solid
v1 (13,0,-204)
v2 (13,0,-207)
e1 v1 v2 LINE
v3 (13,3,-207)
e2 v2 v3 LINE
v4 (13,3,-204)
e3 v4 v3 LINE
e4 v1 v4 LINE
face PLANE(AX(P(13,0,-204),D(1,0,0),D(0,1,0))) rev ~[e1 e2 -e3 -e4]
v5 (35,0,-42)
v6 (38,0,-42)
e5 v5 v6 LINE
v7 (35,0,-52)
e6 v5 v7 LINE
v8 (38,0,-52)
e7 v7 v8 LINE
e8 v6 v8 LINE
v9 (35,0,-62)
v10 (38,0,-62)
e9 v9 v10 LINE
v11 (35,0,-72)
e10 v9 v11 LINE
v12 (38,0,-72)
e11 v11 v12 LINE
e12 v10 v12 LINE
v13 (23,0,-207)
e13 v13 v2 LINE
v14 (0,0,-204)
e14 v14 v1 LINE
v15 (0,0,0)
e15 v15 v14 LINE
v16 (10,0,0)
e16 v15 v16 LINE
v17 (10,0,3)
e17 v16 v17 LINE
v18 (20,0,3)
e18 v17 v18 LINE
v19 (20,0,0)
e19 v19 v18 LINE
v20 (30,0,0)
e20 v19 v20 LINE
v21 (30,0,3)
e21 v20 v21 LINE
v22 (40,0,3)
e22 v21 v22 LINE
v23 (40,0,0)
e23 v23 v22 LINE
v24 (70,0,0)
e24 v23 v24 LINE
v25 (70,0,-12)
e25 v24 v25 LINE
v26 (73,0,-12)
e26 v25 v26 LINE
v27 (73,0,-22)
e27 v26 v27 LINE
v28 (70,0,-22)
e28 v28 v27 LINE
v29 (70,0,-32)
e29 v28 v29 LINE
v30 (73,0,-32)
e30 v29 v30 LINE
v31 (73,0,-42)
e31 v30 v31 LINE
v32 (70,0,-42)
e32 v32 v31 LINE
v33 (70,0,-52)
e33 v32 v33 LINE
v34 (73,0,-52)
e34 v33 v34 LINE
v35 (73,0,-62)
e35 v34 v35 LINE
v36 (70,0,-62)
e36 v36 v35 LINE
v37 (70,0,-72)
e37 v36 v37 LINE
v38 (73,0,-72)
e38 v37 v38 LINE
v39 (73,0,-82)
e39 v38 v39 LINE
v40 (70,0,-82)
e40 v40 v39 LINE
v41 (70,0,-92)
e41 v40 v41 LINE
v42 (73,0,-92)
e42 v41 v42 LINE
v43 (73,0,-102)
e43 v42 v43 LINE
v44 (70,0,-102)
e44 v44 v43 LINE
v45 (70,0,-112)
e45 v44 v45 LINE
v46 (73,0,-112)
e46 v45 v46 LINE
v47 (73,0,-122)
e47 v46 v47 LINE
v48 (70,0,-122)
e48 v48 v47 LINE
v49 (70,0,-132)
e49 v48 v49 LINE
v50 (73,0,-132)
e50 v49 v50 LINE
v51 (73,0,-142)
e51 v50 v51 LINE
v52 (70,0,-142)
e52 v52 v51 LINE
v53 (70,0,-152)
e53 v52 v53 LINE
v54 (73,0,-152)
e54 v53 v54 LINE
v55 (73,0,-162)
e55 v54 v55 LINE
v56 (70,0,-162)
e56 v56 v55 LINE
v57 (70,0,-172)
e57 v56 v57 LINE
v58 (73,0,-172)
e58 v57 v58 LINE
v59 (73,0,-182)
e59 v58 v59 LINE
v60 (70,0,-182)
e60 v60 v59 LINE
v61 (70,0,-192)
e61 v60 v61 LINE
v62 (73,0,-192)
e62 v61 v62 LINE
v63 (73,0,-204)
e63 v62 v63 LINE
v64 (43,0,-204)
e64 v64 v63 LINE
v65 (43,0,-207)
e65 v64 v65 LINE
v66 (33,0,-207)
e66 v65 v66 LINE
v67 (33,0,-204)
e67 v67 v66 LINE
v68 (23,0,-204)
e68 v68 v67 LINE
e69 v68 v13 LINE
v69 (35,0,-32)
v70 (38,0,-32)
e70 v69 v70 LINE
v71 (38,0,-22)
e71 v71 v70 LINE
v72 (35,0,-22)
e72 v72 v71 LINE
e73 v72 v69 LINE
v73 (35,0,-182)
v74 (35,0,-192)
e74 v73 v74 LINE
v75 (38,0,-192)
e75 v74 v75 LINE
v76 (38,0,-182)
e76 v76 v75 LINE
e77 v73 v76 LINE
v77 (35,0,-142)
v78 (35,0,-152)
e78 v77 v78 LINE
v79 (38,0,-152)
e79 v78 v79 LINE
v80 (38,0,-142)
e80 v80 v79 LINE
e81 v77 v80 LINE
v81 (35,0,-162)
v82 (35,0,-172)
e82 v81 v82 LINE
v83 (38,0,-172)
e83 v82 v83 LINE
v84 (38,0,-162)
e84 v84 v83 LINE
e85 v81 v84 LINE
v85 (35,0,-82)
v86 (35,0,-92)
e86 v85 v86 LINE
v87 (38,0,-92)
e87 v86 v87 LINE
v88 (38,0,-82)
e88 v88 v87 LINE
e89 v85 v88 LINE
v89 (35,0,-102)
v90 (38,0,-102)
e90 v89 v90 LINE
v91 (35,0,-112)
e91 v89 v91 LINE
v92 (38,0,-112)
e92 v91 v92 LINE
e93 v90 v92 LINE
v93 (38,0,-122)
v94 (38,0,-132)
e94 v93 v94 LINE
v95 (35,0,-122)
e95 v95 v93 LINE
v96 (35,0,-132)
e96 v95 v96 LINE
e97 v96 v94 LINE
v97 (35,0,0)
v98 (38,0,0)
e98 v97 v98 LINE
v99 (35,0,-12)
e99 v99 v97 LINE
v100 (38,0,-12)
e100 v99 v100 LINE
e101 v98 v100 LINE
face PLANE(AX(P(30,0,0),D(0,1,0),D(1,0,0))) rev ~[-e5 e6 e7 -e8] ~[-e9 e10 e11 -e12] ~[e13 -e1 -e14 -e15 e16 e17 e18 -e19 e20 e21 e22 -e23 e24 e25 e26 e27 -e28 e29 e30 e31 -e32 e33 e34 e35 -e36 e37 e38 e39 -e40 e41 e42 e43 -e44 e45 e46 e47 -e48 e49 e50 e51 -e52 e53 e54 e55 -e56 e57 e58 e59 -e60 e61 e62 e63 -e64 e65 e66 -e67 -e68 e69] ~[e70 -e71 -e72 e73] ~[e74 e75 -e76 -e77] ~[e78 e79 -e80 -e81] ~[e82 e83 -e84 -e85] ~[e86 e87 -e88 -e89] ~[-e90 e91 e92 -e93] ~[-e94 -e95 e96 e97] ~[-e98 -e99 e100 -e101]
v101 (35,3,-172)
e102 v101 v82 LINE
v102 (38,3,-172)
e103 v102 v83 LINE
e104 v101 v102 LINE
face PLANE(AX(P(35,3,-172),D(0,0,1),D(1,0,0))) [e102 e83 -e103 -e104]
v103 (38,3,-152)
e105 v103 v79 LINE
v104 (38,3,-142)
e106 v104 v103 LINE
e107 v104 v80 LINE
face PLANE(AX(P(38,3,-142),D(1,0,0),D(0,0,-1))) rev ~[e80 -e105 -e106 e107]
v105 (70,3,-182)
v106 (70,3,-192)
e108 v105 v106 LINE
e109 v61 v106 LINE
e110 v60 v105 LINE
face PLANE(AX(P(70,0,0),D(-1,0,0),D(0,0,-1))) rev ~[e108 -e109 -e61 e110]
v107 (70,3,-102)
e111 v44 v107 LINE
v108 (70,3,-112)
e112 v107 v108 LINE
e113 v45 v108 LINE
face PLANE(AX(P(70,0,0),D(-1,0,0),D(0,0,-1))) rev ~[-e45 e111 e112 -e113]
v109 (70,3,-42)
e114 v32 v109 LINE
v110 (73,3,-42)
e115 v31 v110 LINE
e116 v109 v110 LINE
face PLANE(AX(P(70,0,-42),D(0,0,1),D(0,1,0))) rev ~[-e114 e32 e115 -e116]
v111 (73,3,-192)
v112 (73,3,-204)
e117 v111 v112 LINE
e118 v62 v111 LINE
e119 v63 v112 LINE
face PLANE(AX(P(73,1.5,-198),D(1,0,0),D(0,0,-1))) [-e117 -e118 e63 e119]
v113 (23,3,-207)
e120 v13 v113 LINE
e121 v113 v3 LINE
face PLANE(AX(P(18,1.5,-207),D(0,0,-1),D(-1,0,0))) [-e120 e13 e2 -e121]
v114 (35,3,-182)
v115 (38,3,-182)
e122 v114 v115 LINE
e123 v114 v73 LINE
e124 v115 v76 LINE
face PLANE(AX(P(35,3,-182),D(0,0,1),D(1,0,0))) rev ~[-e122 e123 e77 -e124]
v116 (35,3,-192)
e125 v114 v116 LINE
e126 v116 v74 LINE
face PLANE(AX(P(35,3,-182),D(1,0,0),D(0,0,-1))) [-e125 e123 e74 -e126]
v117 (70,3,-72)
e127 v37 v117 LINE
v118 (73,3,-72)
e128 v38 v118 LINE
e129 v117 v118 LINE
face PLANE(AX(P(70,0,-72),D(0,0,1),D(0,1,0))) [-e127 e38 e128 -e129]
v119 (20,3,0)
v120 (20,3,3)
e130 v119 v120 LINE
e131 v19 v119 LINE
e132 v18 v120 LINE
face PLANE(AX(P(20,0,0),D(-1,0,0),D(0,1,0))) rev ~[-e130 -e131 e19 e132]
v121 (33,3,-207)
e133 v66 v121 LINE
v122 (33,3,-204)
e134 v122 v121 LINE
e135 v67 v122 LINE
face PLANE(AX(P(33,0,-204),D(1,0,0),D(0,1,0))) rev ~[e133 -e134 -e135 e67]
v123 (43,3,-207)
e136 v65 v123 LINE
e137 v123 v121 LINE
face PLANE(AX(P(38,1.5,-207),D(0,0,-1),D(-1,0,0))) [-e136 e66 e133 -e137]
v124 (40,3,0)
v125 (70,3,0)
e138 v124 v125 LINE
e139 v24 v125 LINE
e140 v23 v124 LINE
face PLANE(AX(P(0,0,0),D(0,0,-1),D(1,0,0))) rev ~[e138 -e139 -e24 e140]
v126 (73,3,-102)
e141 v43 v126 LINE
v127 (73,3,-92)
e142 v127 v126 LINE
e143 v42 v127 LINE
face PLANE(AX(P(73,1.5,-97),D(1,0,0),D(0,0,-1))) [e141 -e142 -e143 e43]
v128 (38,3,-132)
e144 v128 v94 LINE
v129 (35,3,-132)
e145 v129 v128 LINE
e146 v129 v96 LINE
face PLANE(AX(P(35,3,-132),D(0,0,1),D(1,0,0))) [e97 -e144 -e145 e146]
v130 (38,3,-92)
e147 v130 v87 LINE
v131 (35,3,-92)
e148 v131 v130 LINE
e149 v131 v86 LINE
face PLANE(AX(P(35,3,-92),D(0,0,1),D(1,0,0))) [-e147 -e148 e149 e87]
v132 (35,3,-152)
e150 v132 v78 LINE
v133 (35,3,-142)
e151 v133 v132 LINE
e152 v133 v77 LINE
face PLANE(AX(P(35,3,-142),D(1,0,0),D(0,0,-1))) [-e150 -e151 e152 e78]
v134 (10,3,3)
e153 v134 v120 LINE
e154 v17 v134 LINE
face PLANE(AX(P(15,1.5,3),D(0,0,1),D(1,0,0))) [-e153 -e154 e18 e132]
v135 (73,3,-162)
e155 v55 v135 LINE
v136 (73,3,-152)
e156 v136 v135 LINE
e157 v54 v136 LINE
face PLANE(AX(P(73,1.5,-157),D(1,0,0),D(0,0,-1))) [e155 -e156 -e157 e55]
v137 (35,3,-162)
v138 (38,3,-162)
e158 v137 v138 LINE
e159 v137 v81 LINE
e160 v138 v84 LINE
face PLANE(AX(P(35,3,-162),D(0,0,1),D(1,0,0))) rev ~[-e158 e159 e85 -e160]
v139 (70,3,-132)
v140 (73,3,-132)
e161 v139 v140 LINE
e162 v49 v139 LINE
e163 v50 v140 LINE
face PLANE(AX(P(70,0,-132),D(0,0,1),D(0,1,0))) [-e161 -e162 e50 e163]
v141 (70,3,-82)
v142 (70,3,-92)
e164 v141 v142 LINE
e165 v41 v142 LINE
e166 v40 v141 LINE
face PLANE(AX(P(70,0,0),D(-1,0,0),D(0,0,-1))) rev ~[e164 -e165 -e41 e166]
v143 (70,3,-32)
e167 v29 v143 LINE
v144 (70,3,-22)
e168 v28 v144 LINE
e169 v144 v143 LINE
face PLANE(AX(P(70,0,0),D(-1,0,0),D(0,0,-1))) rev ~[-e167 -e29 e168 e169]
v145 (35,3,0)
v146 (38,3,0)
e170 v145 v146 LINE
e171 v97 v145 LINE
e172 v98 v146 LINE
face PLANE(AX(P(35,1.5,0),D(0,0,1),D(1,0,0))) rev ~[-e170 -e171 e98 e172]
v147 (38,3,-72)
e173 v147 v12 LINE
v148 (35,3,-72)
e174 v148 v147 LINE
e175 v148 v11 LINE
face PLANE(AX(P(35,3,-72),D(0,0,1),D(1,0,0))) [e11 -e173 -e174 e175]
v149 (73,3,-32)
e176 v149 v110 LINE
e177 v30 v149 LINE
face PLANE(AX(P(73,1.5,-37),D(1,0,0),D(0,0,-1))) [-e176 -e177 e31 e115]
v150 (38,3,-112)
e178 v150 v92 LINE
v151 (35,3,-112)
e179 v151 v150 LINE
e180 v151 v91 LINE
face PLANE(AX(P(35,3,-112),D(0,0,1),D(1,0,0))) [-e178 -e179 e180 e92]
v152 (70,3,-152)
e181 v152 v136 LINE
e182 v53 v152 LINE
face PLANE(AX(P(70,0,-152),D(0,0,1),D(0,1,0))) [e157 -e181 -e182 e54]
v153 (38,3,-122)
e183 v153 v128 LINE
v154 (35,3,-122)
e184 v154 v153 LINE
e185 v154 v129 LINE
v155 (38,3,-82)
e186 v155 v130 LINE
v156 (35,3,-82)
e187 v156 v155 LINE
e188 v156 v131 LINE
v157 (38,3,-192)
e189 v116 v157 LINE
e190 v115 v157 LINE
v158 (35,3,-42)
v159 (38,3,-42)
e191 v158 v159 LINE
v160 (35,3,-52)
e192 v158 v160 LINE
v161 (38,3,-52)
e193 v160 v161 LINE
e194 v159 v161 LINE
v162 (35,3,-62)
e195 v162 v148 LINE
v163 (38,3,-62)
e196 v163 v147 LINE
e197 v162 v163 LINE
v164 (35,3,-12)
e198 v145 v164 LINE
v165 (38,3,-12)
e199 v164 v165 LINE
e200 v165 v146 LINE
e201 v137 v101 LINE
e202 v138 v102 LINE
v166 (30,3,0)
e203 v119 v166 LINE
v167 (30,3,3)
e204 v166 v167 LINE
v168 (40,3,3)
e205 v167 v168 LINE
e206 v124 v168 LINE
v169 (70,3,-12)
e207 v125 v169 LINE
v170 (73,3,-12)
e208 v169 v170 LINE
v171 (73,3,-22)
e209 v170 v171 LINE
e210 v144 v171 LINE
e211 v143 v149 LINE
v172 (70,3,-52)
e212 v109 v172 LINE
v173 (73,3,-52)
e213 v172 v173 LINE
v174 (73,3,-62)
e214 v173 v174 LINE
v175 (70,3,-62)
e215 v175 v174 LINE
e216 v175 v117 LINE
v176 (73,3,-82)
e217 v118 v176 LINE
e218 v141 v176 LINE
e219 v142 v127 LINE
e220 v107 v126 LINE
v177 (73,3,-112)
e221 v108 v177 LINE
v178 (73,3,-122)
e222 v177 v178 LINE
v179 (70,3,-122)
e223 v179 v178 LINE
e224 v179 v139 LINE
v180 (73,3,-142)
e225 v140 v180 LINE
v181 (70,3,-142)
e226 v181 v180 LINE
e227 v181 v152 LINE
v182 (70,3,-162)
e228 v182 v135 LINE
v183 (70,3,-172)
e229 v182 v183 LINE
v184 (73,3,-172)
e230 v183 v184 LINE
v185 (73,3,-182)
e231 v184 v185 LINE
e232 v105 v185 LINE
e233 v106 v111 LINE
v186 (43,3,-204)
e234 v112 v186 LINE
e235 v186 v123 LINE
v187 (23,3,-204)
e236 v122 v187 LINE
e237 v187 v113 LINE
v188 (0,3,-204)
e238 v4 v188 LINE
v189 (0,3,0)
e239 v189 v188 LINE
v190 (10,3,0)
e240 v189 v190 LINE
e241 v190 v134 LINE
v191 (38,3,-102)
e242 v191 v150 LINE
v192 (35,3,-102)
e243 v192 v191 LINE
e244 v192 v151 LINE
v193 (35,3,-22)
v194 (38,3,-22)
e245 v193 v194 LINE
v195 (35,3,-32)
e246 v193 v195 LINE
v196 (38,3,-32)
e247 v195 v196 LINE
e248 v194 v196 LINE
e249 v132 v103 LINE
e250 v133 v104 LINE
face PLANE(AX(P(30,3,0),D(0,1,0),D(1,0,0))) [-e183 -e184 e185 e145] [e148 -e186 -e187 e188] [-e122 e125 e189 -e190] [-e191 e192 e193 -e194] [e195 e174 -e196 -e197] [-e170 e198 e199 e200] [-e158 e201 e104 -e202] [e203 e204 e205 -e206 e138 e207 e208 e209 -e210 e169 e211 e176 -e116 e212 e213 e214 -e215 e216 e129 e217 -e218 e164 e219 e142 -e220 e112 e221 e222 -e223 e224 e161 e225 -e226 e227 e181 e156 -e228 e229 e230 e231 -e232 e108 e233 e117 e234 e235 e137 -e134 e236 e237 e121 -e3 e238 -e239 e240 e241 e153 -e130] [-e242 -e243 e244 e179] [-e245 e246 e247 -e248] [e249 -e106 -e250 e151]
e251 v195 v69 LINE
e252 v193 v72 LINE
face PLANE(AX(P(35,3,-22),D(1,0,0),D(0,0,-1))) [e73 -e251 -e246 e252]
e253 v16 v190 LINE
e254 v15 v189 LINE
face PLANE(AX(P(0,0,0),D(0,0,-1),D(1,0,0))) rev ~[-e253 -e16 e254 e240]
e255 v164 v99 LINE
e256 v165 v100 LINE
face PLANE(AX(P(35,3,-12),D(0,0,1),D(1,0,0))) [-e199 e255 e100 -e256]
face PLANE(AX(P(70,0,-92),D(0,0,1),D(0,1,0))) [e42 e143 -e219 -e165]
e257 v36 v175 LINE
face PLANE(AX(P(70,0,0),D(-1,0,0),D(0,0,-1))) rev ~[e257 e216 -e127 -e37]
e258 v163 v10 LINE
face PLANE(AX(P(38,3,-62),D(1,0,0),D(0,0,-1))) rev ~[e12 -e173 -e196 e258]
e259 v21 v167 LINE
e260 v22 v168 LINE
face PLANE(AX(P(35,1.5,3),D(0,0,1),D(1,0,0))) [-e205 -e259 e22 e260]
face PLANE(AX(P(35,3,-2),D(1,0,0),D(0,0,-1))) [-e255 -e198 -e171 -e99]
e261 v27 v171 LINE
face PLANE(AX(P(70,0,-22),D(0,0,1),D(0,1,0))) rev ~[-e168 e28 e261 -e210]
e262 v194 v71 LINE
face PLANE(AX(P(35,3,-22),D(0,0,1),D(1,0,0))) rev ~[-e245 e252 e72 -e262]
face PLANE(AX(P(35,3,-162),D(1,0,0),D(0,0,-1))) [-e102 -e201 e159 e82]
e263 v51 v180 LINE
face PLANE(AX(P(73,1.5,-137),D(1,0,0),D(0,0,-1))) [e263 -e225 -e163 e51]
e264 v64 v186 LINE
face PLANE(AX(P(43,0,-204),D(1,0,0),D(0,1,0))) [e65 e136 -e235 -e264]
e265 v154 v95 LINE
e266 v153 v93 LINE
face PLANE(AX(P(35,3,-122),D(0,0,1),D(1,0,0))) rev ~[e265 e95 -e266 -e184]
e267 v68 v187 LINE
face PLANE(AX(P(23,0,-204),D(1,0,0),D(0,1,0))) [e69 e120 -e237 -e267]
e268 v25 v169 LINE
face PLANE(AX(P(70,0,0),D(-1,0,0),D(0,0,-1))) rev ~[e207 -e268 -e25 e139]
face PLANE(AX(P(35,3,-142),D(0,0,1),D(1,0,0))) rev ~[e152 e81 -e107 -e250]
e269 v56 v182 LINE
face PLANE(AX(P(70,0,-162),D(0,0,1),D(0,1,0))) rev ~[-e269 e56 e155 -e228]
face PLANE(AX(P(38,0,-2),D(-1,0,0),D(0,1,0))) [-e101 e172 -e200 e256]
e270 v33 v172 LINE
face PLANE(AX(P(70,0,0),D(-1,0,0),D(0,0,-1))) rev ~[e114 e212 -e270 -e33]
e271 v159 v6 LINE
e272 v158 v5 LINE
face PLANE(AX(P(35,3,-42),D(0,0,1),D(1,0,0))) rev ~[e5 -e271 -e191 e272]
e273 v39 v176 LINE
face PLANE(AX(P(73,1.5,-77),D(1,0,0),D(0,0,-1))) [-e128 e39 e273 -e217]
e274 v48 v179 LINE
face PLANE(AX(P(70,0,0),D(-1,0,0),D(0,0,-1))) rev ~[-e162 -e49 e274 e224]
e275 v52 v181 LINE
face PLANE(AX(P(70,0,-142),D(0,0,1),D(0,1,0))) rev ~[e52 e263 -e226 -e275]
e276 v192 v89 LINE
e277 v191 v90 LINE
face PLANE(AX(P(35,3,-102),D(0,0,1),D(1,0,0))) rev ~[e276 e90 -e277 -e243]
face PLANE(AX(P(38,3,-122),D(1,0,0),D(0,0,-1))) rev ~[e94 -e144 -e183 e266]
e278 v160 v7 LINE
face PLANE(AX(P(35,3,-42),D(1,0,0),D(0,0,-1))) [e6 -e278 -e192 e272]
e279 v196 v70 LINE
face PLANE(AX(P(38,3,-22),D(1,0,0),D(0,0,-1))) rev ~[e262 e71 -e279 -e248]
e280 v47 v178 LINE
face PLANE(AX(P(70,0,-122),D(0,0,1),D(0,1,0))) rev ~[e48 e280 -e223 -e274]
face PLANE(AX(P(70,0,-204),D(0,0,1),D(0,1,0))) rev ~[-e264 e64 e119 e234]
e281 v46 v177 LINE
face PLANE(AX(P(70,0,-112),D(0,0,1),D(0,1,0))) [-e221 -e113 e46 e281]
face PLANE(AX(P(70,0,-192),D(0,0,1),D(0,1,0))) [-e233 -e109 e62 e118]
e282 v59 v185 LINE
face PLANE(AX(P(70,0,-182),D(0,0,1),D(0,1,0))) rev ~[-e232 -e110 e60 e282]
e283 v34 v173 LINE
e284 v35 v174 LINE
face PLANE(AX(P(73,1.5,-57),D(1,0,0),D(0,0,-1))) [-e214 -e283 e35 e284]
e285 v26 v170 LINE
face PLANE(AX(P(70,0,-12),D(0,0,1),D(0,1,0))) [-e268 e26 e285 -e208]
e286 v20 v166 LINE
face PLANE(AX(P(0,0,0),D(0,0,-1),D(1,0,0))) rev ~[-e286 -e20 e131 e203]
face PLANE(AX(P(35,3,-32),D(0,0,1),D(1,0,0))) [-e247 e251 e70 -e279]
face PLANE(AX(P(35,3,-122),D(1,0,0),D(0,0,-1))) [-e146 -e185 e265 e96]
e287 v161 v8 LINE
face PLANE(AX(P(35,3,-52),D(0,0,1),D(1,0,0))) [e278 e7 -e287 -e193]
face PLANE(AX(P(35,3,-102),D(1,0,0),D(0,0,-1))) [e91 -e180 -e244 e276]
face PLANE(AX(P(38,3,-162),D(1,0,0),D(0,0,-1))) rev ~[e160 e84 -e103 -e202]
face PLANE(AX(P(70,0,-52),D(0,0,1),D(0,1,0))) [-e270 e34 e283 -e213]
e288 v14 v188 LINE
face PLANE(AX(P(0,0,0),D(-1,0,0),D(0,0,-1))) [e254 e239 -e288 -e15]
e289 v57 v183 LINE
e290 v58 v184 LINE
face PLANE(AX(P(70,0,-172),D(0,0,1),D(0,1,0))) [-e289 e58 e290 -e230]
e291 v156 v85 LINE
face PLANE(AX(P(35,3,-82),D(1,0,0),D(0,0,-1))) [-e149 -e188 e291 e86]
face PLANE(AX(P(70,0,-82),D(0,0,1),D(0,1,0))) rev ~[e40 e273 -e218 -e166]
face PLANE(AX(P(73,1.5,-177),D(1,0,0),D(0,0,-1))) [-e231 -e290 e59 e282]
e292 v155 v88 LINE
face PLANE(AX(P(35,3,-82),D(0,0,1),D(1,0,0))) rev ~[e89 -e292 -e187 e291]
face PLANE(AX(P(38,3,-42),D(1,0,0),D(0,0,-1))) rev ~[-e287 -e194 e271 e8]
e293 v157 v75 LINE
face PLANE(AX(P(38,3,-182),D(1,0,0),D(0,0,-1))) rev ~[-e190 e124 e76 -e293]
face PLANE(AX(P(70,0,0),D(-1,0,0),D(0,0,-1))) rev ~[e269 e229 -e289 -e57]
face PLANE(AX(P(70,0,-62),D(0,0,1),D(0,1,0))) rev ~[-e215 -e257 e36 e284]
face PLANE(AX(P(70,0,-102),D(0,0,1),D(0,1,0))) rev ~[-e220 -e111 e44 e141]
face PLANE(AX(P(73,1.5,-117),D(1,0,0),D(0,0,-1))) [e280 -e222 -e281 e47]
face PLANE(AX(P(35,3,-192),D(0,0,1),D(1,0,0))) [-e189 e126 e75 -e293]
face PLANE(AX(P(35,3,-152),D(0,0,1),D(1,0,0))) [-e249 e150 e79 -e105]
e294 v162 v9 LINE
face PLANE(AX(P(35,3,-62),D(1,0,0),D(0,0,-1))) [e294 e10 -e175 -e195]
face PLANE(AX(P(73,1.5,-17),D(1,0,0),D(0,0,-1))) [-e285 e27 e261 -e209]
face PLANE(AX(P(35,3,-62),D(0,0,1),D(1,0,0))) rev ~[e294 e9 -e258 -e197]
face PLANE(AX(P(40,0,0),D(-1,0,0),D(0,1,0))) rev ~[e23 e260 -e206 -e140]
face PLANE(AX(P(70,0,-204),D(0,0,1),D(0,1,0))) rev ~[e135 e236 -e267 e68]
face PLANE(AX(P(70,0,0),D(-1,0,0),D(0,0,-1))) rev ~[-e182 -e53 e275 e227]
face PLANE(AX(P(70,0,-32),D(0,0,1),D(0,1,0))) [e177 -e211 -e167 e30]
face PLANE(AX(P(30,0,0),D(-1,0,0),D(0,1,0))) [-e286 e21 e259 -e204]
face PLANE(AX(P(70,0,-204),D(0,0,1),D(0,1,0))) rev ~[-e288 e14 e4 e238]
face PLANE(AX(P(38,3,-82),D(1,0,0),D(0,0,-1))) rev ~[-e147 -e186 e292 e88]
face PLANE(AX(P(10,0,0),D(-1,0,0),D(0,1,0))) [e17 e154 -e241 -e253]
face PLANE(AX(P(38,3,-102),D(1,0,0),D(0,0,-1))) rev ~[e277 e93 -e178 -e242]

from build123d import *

# Parameters (mm, degrees)
SKETCH1_W                  = 70
SKETCH1_H                  = 204
BOSS_EXTRUDE1_DEPTH        = 3
SKETCH2_W                  = 12
SKETCH2_H                  = 3
SKETCH2_W_2                = 10
BOSS_EXTRUDE2_DEPTH        = 3
ESQUISSE4_W                = 3
ESQUISSE4_H                = 10
ENL_V_MAT_EXTRU_3_DEPTH    = 4
R_P_TITION_LIN_AIRE2_COUNT = 10
R_P_TITION_LIN_AIRE2_PITCH = 20
ESQUISSE5_W                = 3
ESQUISSE5_H                = 3
ENL_V_MAT_EXTRU_4_DEPTH    = 3
ESQUISSE6_W                = 10
ESQUISSE6_H                = 3
BOSS_EXTRU_1_DEPTH         = 3
ESQUISSE7_W                = 10
ESQUISSE7_H                = 3
BOSS_EXTRU_2_DEPTH         = 3


with BuildPart() as part:
    # Sketch1 → Boss-Extrude1 (new body)
    with BuildSketch(Plane(origin=(0, 0, 0), x_dir=(1, 0, 0), z_dir=(0, 1, 0))):
        with Locations((35, 102)):
            Rectangle(SKETCH1_W, SKETCH1_H)
    extrude(amount=BOSS_EXTRUDE1_DEPTH)

    # Sketch2 → Boss-Extrude2 (add)
    with BuildSketch(Plane(origin=(70, 0, 0), x_dir=(0, 0, -1), z_dir=(1, 0, 0))):
        with Locations((198, 1.5)):
            Rectangle(SKETCH2_W, SKETCH2_H)
        with Locations((177, 1.5)):
            Rectangle(SKETCH2_W_2, SKETCH2_H)
        with Locations((157, 1.5)):
            Rectangle(SKETCH2_W_2, SKETCH2_H)
        with Locations((137, 1.5)):
            Rectangle(SKETCH2_W_2, SKETCH2_H)
        with Locations((117, 1.5)):
            Rectangle(SKETCH2_W_2, SKETCH2_H)
        with Locations((97, 1.5)):
            Rectangle(SKETCH2_W_2, SKETCH2_H)
        with Locations((77, 1.5)):
            Rectangle(SKETCH2_W_2, SKETCH2_H)
        with Locations((57, 1.5)):
            Rectangle(SKETCH2_W_2, SKETCH2_H)
        with Locations((37, 1.5)):
            Rectangle(SKETCH2_W_2, SKETCH2_H)
        with Locations((17, 1.5)):
            Rectangle(SKETCH2_W_2, SKETCH2_H)
    extrude(amount=BOSS_EXTRUDE2_DEPTH)

    # Esquisse4 → Enlèv. mat.-Extru.3 (cut, through all)
    with BuildSketch(Plane(origin=(0, 3, 0), x_dir=(1, 0, 0), z_dir=(0, 1, 0))):
        with Locations((36.5, 187)):
            Rectangle(ESQUISSE4_W, ESQUISSE4_H)
    enl_v_mat_extru_3 = extrude(amount=-ENL_V_MAT_EXTRU_3_DEPTH, mode=Mode.SUBTRACT)

    # Répétition linéaire2: Enlèv. mat.-Extru.3 ×10
    with Locations(*[(0, 0, i * R_P_TITION_LIN_AIRE2_PITCH) for i in range(1, R_P_TITION_LIN_AIRE2_COUNT)]):
        add(enl_v_mat_extru_3, mode=Mode.SUBTRACT)

    # Esquisse5 → Enlèv. mat.-Extru.4 (cut, through all)
    with BuildSketch(Plane(origin=(0, 0, -2), x_dir=(-1, 0, 0), z_dir=(0, 0, -1))):
        with Locations((-36.5, 1.5)):
            Rectangle(ESQUISSE5_W, ESQUISSE5_H)
    extrude(amount=-ENL_V_MAT_EXTRU_4_DEPTH, mode=Mode.SUBTRACT)

    # Esquisse6 → Boss.-Extru.1 (add)
    with BuildSketch(Plane.XY):
        with Locations((15, 1.5)):
            Rectangle(ESQUISSE6_W, ESQUISSE6_H)
        with Locations((35, 1.5)):
            Rectangle(ESQUISSE6_W, ESQUISSE6_H)
    extrude(amount=BOSS_EXTRU_1_DEPTH)

    # Esquisse7 → Boss.-Extru.2 (add)
    with BuildSketch(Plane(origin=(0, 0, -204), x_dir=(-1, 0, 0), z_dir=(0, 0, -1))):
        with Locations((-38, 1.5)):
            Rectangle(ESQUISSE7_W, ESQUISSE7_H)
        with Locations((-18, 1.5)):
            Rectangle(ESQUISSE7_W, ESQUISSE7_H)
    extrude(amount=BOSS_EXTRU_2_DEPTH)


solid = part.part
